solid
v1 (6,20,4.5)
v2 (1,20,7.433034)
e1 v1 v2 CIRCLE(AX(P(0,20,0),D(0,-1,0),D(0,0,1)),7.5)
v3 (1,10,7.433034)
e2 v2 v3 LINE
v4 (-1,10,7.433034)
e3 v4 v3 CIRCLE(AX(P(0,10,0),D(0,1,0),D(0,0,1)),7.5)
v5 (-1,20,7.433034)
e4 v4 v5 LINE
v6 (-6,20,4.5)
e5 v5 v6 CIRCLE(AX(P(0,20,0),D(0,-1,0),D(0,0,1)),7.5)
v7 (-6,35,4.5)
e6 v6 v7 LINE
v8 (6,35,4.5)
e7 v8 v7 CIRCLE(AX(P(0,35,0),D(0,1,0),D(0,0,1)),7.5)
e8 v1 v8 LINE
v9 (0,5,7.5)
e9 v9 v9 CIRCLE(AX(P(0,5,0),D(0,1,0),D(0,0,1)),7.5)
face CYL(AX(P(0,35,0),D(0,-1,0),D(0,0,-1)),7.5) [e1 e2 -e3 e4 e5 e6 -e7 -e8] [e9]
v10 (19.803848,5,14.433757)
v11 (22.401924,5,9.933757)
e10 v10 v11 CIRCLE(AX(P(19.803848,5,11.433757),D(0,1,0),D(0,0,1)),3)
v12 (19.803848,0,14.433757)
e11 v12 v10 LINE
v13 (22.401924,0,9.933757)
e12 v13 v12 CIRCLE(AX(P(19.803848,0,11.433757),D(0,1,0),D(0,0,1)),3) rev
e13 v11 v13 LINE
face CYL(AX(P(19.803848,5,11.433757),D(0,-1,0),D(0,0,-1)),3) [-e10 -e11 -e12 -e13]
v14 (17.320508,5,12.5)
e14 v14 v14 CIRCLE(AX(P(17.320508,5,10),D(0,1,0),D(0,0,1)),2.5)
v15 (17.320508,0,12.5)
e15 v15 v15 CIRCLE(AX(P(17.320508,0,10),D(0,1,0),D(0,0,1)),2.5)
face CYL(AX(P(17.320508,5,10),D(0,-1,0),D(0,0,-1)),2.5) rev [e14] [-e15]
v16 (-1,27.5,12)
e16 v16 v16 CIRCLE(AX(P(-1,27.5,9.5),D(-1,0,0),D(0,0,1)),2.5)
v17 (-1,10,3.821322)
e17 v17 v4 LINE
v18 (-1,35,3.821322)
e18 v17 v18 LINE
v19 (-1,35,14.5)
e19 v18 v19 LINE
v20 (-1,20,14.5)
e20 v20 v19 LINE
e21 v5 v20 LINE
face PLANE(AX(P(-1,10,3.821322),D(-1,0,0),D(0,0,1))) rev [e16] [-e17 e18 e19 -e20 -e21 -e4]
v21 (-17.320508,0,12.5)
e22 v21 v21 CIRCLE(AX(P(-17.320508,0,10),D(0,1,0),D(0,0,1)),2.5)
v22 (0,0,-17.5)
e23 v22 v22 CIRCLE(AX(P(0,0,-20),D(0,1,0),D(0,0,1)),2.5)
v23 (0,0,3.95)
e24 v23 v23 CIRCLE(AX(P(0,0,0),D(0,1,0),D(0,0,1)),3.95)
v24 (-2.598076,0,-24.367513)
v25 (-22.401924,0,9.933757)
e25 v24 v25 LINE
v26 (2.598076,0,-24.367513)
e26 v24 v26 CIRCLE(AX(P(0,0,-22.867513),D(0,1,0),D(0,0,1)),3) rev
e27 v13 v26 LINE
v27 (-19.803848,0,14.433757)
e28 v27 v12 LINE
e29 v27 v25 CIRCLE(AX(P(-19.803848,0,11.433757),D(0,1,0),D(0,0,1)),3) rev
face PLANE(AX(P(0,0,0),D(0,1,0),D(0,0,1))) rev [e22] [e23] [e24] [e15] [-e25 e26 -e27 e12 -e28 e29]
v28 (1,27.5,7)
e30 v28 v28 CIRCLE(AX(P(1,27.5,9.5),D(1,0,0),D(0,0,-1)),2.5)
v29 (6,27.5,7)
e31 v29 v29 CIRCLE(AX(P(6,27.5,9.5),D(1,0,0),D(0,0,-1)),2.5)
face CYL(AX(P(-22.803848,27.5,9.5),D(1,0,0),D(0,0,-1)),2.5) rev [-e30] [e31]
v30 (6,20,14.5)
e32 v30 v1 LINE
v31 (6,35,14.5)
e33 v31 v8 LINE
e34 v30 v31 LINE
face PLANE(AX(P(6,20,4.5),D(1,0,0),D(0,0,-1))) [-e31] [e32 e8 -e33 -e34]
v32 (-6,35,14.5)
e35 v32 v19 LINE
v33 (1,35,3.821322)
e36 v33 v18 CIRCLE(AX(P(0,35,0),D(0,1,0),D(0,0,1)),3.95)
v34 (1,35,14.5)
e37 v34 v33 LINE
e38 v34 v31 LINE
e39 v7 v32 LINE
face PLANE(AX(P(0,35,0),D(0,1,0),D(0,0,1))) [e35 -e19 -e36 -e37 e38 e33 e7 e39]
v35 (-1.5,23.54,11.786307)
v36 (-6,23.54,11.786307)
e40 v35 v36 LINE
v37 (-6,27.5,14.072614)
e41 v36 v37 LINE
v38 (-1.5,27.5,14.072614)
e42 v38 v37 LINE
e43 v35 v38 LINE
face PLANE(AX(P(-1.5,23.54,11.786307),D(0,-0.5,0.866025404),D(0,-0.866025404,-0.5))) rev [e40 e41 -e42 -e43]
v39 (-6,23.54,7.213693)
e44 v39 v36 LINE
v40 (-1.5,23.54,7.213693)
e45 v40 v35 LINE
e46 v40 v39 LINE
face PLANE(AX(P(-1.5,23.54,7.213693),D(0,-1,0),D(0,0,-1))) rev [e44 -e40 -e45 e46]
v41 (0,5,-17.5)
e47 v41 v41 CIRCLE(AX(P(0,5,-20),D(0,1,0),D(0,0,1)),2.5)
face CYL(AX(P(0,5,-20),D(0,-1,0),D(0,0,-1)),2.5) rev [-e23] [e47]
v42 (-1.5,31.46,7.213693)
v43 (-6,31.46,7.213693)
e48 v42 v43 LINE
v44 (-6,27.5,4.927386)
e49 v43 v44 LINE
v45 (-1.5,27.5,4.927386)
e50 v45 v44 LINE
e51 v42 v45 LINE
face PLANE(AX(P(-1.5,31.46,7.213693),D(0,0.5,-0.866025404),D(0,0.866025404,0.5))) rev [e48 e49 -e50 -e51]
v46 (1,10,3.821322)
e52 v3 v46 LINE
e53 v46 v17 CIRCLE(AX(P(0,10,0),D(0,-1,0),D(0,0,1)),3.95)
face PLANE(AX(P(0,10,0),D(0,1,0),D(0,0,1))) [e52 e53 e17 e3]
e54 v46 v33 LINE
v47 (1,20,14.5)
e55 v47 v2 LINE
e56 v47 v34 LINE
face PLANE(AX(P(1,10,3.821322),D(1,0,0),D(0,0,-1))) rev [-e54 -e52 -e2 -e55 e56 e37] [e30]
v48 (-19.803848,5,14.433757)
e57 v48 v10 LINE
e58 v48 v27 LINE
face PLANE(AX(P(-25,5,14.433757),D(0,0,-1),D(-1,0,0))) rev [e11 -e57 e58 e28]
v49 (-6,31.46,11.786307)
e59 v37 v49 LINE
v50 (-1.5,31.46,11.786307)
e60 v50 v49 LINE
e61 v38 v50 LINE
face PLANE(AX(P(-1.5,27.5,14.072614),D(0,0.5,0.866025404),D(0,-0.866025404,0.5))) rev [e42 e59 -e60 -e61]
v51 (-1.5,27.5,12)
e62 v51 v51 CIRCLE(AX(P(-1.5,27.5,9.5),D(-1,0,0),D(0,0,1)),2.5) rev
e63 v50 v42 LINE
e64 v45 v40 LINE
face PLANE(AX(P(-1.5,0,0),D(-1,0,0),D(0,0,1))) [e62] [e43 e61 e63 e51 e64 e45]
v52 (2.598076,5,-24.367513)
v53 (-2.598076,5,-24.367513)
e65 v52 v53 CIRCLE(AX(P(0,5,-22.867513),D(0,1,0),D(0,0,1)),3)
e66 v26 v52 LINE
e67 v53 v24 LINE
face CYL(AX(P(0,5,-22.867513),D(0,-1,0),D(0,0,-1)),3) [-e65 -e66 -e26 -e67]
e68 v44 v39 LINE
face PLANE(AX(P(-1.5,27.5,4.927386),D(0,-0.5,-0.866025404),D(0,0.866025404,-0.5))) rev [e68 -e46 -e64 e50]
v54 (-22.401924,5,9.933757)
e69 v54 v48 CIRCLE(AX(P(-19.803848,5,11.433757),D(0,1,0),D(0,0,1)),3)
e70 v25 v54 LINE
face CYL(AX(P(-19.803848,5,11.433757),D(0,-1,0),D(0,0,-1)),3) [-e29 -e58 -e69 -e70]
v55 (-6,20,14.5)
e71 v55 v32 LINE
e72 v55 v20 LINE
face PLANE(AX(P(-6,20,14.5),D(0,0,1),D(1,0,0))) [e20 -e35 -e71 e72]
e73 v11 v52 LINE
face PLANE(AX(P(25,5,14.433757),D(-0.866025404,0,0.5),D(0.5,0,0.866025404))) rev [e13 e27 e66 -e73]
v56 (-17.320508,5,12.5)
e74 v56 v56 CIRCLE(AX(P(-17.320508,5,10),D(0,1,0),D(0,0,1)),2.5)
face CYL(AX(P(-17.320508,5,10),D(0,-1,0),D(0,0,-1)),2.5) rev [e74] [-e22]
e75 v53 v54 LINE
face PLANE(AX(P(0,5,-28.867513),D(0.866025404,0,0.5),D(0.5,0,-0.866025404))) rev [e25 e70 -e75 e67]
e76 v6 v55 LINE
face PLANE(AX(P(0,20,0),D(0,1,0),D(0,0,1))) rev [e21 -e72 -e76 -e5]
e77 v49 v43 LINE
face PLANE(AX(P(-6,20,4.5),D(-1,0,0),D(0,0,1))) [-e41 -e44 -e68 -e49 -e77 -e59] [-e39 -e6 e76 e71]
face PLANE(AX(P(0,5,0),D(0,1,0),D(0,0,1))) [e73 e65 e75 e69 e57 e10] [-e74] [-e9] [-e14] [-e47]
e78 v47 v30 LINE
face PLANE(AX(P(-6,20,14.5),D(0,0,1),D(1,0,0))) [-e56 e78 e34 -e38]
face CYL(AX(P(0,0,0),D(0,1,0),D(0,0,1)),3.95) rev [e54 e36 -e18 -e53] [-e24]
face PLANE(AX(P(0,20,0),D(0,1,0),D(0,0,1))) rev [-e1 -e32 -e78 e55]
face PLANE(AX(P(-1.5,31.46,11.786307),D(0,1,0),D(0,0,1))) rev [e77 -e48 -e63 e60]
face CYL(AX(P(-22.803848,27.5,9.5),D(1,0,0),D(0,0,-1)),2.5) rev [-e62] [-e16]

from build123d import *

# Parameters (mm, degrees)
ESQUISSE5_R             = 2.5
BOSS_EXTRU_2_DEPTH      = 5
ESQUISSE6_R             = 7.5
BOSS_EXTRU_3_DEPTH      = 30
BOSS_EXTRU_6_START      = -15
BOSS_EXTRU_6_DEPTH      = 15
ESQUISSE14_R            = 3.95
ENL_V_MAT_EXTRU_4_DEPTH = 52.800900893
ENL_V_MAT_EXTRU_5_DEPTH = 25
CONG_2_R                = 3
ESQUISSE17_R            = 2.5
ENL_V_MAT_EXTRU_6_DEPTH = 53.189940485
ENL_V_MAT_EXTRU_7_DEPTH = 4.5


with BuildPart() as part:
    # Esquisse5 → Boss.-Extru.2 (new body)
    with BuildSketch(Plane(origin=(0, 0, 0), x_dir=(1, 0, 0), z_dir=(0, 1, 0))):
        Polygon((-25, -14.43375673), (25, -14.43375673), (0, 28.867513459), align=None)
        with Locations(Location((0, 20, 0), (0, 0, 270))):
            Circle(ESQUISSE5_R, mode=Mode.SUBTRACT)
        with Locations(Location((-17.320508076, -10, 0), (0, 0, 270))):
            Circle(ESQUISSE5_R, mode=Mode.SUBTRACT)
        with Locations(Location((17.320508076, -10, 0), (0, 0, 270))):
            Circle(ESQUISSE5_R, mode=Mode.SUBTRACT)
    extrude(amount=BOSS_EXTRU_2_DEPTH)

    # Esquisse6 → Boss.-Extru.3 (add)
    with BuildSketch(Plane(origin=(0, 5, 0), x_dir=(1, 0, 0), z_dir=(0, 1, 0))):
        with Locations(Location((0, 0, 0), (0, 0, 270))):
            Circle(ESQUISSE6_R)
    extrude(amount=BOSS_EXTRU_3_DEPTH)

    # Esquisse13 → Boss.-Extru.6 (add)
    with BuildSketch(Plane(origin=(0, 35, 0), x_dir=(1, 0, 0), z_dir=(0, 1, 0)).offset(BOSS_EXTRU_6_START)):
        with BuildLine():
            Line((-6, -4.5), (-6, -14.5))
            Line((-6, -14.5), (6, -14.5))
            Line((6, -14.5), (6, -4.5))
            ThreePointArc((6, -4.5), (0, -7.5), (-6, -4.5))
        make_face()
    extrude(amount=BOSS_EXTRU_6_DEPTH)

    # Esquisse14 → Enlèv. mat.-Extru.4 (cut, through all)
    with BuildSketch(Plane(origin=(0, 35, 0), x_dir=(1, 0, 0), z_dir=(0, 1, 0))):
        with Locations(Location((0, 0, 0), (0, 0, 270))):
            Circle(ESQUISSE14_R)
    extrude(amount=-ENL_V_MAT_EXTRU_4_DEPTH, mode=Mode.SUBTRACT)

    # Esquisse15 → Enlèv. mat.-Extru.5 (cut)
    with BuildSketch(Plane(origin=(0, 35, 0), x_dir=(1, 0, 0), z_dir=(0, 1, 0))):
        with BuildLine():
            Line((-1, -3.821321761), (-1, -14.5))
            Line((-1, -14.5), (1, -14.5))
            Line((1, -14.5), (1, -3.821321761))
            ThreePointArc((1, -3.821321761), (0, -3.95), (-1, -3.821321761))
        make_face()
    extrude(amount=-ENL_V_MAT_EXTRU_5_DEPTH, mode=Mode.SUBTRACT)

    # Congé2
    cong_2_edges = [part.edges().sort_by_distance(p)[0] for p in [
        (0, 2.5, -28.867513459),
        (25, 2.5, 14.43375673),
        (-25, 2.5, 14.43375673),
    ]]
    fillet(cong_2_edges, radius=CONG_2_R)

    # Esquisse17 → Enlèv. mat.-Extru.6 (cut, through all)
    with BuildSketch(Plane(origin=(6, 0, 0), x_dir=(0, 0, -1), z_dir=(1, 0, 0))):
        with Locations(Location((-9.5, 27.5, 0), (0, 0, 180))):
            Circle(ESQUISSE17_R)
    extrude(amount=-ENL_V_MAT_EXTRU_6_DEPTH, mode=Mode.SUBTRACT)

    # Esquisse18 → Enlèv. mat.-Extru.7 (cut)
    with BuildSketch(Plane.ZY.offset(6)):
        Polygon((11.786307066, 31.46), (7.213692934, 31.46), (4.927385868, 27.5), (7.213692934, 23.54), (11.786307066, 23.54), (14.072614132, 27.5), align=None)
    extrude(amount=-ENL_V_MAT_EXTRU_7_DEPTH, mode=Mode.SUBTRACT)


solid = part.part
